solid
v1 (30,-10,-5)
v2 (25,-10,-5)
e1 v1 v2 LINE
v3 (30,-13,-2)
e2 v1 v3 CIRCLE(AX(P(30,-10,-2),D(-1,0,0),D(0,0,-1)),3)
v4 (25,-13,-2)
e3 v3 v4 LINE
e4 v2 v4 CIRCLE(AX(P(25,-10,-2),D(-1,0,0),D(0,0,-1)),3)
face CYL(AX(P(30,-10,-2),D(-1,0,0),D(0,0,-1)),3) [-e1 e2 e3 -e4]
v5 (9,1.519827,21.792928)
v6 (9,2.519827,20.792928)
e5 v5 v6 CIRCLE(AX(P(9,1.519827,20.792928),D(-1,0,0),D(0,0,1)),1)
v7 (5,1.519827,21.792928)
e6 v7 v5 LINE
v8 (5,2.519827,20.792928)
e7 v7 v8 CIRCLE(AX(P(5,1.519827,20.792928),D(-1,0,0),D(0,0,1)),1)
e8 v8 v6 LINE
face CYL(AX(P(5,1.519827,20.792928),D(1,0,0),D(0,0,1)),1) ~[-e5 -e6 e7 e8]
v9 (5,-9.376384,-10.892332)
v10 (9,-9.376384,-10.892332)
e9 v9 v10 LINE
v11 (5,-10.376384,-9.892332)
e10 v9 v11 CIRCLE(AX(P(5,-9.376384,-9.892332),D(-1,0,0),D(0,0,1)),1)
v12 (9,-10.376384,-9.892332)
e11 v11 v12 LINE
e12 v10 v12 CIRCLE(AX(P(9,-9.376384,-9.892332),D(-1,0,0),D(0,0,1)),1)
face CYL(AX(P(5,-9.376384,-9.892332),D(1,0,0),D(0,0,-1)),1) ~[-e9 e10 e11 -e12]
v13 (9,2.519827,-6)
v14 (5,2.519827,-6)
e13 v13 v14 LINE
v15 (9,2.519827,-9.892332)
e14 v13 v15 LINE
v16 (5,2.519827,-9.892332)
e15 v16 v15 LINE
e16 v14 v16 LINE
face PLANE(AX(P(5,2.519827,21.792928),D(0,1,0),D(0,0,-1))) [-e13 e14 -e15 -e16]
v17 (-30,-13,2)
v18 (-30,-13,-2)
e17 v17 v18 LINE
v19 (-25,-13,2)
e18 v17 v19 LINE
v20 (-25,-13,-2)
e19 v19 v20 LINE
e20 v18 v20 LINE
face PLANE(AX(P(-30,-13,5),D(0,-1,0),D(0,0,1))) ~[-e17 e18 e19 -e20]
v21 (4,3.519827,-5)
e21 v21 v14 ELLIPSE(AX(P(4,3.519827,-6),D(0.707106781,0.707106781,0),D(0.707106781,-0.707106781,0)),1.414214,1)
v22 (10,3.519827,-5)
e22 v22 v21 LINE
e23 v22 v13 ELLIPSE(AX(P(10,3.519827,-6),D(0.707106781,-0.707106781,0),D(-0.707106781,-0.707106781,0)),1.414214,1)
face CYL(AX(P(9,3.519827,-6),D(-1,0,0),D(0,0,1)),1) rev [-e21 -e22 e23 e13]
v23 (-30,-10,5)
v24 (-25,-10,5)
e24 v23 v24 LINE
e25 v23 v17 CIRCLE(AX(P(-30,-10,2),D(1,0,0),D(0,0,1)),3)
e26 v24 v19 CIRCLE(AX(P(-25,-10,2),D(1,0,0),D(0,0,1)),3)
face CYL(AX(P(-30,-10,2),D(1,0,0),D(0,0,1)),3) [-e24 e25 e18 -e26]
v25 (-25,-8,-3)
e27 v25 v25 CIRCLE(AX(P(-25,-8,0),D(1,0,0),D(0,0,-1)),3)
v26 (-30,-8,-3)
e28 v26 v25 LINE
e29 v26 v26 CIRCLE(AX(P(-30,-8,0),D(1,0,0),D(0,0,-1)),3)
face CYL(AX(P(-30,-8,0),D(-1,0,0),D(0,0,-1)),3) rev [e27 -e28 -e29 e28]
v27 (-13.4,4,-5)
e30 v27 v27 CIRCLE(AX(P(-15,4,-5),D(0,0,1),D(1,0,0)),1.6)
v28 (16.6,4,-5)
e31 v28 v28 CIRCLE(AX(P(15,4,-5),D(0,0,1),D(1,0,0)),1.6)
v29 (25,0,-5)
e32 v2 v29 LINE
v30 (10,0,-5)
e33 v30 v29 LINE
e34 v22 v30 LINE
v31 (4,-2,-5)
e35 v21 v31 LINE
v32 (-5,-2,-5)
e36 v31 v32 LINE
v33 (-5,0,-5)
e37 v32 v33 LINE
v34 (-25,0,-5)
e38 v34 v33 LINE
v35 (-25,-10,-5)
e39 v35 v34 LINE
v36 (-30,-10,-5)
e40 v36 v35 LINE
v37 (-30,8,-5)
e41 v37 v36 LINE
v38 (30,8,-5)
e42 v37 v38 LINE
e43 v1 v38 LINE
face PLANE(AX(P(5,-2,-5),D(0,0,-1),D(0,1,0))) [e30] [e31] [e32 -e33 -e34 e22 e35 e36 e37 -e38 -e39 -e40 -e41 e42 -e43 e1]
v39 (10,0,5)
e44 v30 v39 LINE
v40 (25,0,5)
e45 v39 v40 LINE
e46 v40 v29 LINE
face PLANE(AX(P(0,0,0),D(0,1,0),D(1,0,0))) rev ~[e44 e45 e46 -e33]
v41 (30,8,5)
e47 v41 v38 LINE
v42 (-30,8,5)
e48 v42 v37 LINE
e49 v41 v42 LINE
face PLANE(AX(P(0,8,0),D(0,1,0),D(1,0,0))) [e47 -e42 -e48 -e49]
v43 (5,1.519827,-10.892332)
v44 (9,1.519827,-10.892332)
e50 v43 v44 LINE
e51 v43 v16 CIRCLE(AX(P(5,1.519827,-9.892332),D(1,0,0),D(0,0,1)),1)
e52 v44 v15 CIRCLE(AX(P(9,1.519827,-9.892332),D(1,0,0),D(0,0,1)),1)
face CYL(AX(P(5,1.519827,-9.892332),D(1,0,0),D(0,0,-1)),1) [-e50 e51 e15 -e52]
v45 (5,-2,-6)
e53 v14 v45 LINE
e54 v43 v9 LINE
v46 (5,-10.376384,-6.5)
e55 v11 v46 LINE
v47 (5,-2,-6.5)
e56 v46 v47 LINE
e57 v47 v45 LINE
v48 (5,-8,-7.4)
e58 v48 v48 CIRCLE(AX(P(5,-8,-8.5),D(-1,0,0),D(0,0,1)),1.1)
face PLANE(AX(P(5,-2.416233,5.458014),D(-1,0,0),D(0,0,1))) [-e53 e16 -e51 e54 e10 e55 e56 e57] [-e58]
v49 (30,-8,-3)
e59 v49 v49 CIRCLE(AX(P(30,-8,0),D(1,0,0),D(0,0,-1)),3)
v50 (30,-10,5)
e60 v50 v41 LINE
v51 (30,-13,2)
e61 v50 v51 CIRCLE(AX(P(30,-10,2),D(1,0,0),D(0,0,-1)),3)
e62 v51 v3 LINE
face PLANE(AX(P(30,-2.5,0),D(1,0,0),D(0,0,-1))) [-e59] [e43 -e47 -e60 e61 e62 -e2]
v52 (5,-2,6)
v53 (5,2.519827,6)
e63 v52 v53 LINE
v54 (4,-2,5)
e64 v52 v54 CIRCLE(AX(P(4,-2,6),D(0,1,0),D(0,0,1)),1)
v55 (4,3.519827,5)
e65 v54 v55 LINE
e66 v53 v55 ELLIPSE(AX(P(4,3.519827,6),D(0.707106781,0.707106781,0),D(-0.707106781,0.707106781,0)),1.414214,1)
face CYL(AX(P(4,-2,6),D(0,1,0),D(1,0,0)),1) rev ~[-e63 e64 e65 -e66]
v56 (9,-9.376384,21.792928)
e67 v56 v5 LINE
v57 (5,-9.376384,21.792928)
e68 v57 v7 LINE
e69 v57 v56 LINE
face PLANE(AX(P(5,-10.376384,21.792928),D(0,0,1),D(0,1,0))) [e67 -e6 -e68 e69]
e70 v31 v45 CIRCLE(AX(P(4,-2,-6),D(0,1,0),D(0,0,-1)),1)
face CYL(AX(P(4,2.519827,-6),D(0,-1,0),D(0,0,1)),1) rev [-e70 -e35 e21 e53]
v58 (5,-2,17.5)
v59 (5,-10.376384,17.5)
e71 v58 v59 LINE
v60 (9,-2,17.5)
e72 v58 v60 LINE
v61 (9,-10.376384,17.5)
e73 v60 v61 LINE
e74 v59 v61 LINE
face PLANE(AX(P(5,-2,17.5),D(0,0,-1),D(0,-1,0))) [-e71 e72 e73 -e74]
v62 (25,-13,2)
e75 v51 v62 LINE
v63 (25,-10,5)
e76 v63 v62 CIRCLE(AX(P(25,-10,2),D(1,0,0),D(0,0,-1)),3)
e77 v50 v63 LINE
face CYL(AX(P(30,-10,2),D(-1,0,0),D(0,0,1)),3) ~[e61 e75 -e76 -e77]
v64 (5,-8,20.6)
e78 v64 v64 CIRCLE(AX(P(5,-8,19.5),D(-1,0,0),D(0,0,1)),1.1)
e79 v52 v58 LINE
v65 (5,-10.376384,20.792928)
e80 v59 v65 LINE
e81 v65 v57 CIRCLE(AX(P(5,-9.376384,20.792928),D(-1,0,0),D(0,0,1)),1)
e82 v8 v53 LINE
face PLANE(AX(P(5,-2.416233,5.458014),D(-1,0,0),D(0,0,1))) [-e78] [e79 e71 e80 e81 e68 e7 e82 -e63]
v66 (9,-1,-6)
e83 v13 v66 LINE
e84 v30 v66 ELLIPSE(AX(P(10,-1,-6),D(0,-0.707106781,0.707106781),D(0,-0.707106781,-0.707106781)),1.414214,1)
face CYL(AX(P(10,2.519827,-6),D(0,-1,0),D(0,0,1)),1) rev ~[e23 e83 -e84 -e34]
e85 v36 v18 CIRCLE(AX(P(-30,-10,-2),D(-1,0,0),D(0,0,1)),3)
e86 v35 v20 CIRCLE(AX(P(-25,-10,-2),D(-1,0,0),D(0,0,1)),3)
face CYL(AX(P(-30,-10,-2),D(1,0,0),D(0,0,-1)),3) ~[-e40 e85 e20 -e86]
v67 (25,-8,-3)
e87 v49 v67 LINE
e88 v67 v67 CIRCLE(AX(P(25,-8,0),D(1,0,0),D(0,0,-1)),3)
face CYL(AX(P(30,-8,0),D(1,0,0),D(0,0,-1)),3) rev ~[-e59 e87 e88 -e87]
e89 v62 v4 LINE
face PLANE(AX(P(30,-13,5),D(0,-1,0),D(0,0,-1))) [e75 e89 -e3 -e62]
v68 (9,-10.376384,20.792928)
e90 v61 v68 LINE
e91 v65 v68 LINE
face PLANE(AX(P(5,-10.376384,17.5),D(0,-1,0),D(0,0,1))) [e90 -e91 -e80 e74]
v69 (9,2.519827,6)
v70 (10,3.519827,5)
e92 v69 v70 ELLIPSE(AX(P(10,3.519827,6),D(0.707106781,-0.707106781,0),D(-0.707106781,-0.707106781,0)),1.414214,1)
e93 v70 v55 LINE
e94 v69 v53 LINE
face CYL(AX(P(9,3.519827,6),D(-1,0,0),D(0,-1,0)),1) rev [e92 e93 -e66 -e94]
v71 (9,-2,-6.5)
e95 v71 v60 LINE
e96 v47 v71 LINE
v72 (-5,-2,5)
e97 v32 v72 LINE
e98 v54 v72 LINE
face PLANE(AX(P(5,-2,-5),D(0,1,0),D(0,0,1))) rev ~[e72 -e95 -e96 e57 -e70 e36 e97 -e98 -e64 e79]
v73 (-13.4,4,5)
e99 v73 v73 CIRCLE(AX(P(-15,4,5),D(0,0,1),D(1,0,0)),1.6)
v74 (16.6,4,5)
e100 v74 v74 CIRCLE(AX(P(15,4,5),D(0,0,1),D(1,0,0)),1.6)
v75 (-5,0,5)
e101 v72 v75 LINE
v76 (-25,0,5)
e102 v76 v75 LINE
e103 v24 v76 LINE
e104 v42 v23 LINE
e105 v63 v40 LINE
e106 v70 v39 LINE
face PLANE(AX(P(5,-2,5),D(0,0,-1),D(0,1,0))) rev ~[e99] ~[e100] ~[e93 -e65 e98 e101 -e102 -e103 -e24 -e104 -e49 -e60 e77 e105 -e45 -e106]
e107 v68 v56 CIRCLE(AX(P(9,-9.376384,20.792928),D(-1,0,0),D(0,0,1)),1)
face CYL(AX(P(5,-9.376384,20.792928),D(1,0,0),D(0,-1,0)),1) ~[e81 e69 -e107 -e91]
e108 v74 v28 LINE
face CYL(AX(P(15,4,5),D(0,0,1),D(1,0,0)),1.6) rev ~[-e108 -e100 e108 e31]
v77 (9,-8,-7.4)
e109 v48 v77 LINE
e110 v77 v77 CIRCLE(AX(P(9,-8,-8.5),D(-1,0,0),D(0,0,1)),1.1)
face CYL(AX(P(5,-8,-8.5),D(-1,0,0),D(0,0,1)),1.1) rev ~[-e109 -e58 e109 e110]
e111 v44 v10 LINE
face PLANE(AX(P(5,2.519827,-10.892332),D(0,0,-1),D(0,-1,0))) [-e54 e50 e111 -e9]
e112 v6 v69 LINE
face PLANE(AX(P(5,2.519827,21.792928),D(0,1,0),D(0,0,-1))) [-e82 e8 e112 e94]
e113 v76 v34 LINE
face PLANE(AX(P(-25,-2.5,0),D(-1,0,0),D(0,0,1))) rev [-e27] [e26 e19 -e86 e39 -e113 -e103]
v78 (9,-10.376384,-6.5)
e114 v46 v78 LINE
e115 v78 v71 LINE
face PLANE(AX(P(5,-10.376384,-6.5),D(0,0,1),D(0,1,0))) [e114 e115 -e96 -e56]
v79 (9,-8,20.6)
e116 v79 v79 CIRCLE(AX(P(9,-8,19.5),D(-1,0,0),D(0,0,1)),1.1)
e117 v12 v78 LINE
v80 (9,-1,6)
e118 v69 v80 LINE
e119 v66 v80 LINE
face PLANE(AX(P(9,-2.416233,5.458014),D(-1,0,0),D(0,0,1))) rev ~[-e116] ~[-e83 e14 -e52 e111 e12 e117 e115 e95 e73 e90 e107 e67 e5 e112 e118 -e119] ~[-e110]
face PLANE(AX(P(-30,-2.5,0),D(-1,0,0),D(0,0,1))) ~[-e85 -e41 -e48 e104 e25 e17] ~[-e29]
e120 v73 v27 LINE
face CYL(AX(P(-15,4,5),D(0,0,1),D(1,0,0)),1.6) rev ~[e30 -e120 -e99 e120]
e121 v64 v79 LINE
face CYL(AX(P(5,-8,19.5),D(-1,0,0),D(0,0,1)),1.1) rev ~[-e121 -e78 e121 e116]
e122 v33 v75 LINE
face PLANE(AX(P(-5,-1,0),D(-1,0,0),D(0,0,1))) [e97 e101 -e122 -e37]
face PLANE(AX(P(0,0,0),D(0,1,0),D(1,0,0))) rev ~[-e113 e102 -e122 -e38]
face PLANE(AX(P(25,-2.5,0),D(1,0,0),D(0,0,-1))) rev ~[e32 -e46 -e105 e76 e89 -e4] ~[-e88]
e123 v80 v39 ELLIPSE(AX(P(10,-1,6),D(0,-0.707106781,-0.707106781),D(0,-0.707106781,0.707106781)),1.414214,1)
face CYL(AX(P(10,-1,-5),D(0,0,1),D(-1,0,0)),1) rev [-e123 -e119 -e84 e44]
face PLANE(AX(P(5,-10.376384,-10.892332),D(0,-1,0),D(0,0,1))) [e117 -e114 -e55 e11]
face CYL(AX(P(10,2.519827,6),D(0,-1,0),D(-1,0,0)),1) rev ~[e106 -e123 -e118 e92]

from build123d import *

# Parameters (mm, degrees)
SKETCH_1_W               = 60
SKETCH_1_H               = 10
EXTRUDE_1_DEPTH          = 8
SKETCH_2_W               = 10
SKETCH_2_H               = 21
SKETCH_2_R               = 3
EXTRUDE_2_DEPTH          = 5
FILLET_1_R               = 3
SKETCH_3_R               = 1.1
EXTRUDE_3_DEPTH          = 4
SKETCH_5_W               = 10
SKETCH_5_H               = 2
EXTRUDE_4_DEPTH          = 10
FILLET_4_R               = 1
SKETCH_4_R               = 1.6
CUT_EXTRUDE_1_DEPTH      = 17.792928464
CUT_EXTRUDE_1_DEPTH_BACK = 16.892331711


with BuildPart() as part:
    # 草图1 → 凸台-拉伸1 (new body)
    with BuildSketch(Plane(origin=(0, 0, 0), x_dir=(1, 0, 0), z_dir=(0, 1, 0))):
        Rectangle(SKETCH_1_W, SKETCH_1_H)
    extrude(amount=EXTRUDE_1_DEPTH)

    # 草图2 → 凸台-拉伸2 (add)
    with BuildSketch(Plane(origin=(30, 0, 0), x_dir=(0, 0, -1), z_dir=(1, 0, 0))):
        with Locations((0, -2.5)):
            Rectangle(SKETCH_2_W, SKETCH_2_H)
        with Locations((0, -8)):
            Circle(SKETCH_2_R, mode=Mode.SUBTRACT)
    extrude_2 = extrude(amount=-EXTRUDE_2_DEPTH)

    # 镜向1: 凸台-拉伸2 across plane
    add(extrude_2.mirror(Plane(origin=(0, 0, 0), x_dir=(0, 0, 1), z_dir=(1, 0, 0))))

    # 圆角1
    fillet_1_edges = [part.edges().sort_by_distance(p)[0] for p in [
        (27.5, -13, 5),
        (27.5, -13, -5),
        (-27.5, -13, -5),
        (-27.5, -13, 5),
    ]]
    fillet(fillet_1_edges, radius=FILLET_1_R)

    # 草图3 → 凸台-拉伸3 (add)
    with BuildSketch(Plane.ZY.offset(-5)):
        Polygon((-6.5, -2), (17.5, -2), (17.5, -8), (17.5, -10.376383694), (21.792928464, -10.376383694), (21.792928464, 2.519827065), (-10.892331711, 2.519827065), (-10.892331711, -10.376383694), (-6.5, -10.376383694), (-6.5, -8), align=None)
        with Locations((-8.5, -8)):
            Circle(SKETCH_3_R, mode=Mode.SUBTRACT)
        with Locations((19.5, -8)):
            Circle(SKETCH_3_R, mode=Mode.SUBTRACT)
    extrude(amount=-EXTRUDE_3_DEPTH)

    # 草图5 → 凸台-拉伸4 (add)
    with BuildSketch(Plane.ZY.offset(-5)):
        with Locations((0, -1)):
            Rectangle(SKETCH_5_W, SKETCH_5_H)
    extrude(amount=EXTRUDE_4_DEPTH)

    # 圆角4
    fillet_4_edges = [part.edges().sort_by_distance(p)[0] for p in [
        (5, 0.259913532, -5),
        (7, 2.519827065, -5),
        (9, 1.259913532, -5),
        (7, 2.519827065, -10.892331711),
        (5, 0.259913532, 5),
        (7, -10.376383694, -10.892331711),
        (7, 2.519827065, 5),
        (7, 2.519827065, 21.792928464),
        (7, -10.376383694, 21.792928464),
        (9, 1.259913532, 5),
        (9, 0, 0),
    ]]
    fillet(fillet_4_edges, radius=FILLET_4_R)

    # 草图4 → 切除-拉伸1 (cut, two sides)
    with BuildSketch(Plane.XY.offset(5)) as cut_extrude_1_sk:
        with Locations((-15, 4)):
            Circle(SKETCH_4_R)
        with Locations((15, 4)):
            Circle(SKETCH_4_R)
    extrude(amount=CUT_EXTRUDE_1_DEPTH, mode=Mode.SUBTRACT)
    extrude(cut_extrude_1_sk.sketch, amount=-CUT_EXTRUDE_1_DEPTH_BACK, mode=Mode.SUBTRACT)


solid = part.part
